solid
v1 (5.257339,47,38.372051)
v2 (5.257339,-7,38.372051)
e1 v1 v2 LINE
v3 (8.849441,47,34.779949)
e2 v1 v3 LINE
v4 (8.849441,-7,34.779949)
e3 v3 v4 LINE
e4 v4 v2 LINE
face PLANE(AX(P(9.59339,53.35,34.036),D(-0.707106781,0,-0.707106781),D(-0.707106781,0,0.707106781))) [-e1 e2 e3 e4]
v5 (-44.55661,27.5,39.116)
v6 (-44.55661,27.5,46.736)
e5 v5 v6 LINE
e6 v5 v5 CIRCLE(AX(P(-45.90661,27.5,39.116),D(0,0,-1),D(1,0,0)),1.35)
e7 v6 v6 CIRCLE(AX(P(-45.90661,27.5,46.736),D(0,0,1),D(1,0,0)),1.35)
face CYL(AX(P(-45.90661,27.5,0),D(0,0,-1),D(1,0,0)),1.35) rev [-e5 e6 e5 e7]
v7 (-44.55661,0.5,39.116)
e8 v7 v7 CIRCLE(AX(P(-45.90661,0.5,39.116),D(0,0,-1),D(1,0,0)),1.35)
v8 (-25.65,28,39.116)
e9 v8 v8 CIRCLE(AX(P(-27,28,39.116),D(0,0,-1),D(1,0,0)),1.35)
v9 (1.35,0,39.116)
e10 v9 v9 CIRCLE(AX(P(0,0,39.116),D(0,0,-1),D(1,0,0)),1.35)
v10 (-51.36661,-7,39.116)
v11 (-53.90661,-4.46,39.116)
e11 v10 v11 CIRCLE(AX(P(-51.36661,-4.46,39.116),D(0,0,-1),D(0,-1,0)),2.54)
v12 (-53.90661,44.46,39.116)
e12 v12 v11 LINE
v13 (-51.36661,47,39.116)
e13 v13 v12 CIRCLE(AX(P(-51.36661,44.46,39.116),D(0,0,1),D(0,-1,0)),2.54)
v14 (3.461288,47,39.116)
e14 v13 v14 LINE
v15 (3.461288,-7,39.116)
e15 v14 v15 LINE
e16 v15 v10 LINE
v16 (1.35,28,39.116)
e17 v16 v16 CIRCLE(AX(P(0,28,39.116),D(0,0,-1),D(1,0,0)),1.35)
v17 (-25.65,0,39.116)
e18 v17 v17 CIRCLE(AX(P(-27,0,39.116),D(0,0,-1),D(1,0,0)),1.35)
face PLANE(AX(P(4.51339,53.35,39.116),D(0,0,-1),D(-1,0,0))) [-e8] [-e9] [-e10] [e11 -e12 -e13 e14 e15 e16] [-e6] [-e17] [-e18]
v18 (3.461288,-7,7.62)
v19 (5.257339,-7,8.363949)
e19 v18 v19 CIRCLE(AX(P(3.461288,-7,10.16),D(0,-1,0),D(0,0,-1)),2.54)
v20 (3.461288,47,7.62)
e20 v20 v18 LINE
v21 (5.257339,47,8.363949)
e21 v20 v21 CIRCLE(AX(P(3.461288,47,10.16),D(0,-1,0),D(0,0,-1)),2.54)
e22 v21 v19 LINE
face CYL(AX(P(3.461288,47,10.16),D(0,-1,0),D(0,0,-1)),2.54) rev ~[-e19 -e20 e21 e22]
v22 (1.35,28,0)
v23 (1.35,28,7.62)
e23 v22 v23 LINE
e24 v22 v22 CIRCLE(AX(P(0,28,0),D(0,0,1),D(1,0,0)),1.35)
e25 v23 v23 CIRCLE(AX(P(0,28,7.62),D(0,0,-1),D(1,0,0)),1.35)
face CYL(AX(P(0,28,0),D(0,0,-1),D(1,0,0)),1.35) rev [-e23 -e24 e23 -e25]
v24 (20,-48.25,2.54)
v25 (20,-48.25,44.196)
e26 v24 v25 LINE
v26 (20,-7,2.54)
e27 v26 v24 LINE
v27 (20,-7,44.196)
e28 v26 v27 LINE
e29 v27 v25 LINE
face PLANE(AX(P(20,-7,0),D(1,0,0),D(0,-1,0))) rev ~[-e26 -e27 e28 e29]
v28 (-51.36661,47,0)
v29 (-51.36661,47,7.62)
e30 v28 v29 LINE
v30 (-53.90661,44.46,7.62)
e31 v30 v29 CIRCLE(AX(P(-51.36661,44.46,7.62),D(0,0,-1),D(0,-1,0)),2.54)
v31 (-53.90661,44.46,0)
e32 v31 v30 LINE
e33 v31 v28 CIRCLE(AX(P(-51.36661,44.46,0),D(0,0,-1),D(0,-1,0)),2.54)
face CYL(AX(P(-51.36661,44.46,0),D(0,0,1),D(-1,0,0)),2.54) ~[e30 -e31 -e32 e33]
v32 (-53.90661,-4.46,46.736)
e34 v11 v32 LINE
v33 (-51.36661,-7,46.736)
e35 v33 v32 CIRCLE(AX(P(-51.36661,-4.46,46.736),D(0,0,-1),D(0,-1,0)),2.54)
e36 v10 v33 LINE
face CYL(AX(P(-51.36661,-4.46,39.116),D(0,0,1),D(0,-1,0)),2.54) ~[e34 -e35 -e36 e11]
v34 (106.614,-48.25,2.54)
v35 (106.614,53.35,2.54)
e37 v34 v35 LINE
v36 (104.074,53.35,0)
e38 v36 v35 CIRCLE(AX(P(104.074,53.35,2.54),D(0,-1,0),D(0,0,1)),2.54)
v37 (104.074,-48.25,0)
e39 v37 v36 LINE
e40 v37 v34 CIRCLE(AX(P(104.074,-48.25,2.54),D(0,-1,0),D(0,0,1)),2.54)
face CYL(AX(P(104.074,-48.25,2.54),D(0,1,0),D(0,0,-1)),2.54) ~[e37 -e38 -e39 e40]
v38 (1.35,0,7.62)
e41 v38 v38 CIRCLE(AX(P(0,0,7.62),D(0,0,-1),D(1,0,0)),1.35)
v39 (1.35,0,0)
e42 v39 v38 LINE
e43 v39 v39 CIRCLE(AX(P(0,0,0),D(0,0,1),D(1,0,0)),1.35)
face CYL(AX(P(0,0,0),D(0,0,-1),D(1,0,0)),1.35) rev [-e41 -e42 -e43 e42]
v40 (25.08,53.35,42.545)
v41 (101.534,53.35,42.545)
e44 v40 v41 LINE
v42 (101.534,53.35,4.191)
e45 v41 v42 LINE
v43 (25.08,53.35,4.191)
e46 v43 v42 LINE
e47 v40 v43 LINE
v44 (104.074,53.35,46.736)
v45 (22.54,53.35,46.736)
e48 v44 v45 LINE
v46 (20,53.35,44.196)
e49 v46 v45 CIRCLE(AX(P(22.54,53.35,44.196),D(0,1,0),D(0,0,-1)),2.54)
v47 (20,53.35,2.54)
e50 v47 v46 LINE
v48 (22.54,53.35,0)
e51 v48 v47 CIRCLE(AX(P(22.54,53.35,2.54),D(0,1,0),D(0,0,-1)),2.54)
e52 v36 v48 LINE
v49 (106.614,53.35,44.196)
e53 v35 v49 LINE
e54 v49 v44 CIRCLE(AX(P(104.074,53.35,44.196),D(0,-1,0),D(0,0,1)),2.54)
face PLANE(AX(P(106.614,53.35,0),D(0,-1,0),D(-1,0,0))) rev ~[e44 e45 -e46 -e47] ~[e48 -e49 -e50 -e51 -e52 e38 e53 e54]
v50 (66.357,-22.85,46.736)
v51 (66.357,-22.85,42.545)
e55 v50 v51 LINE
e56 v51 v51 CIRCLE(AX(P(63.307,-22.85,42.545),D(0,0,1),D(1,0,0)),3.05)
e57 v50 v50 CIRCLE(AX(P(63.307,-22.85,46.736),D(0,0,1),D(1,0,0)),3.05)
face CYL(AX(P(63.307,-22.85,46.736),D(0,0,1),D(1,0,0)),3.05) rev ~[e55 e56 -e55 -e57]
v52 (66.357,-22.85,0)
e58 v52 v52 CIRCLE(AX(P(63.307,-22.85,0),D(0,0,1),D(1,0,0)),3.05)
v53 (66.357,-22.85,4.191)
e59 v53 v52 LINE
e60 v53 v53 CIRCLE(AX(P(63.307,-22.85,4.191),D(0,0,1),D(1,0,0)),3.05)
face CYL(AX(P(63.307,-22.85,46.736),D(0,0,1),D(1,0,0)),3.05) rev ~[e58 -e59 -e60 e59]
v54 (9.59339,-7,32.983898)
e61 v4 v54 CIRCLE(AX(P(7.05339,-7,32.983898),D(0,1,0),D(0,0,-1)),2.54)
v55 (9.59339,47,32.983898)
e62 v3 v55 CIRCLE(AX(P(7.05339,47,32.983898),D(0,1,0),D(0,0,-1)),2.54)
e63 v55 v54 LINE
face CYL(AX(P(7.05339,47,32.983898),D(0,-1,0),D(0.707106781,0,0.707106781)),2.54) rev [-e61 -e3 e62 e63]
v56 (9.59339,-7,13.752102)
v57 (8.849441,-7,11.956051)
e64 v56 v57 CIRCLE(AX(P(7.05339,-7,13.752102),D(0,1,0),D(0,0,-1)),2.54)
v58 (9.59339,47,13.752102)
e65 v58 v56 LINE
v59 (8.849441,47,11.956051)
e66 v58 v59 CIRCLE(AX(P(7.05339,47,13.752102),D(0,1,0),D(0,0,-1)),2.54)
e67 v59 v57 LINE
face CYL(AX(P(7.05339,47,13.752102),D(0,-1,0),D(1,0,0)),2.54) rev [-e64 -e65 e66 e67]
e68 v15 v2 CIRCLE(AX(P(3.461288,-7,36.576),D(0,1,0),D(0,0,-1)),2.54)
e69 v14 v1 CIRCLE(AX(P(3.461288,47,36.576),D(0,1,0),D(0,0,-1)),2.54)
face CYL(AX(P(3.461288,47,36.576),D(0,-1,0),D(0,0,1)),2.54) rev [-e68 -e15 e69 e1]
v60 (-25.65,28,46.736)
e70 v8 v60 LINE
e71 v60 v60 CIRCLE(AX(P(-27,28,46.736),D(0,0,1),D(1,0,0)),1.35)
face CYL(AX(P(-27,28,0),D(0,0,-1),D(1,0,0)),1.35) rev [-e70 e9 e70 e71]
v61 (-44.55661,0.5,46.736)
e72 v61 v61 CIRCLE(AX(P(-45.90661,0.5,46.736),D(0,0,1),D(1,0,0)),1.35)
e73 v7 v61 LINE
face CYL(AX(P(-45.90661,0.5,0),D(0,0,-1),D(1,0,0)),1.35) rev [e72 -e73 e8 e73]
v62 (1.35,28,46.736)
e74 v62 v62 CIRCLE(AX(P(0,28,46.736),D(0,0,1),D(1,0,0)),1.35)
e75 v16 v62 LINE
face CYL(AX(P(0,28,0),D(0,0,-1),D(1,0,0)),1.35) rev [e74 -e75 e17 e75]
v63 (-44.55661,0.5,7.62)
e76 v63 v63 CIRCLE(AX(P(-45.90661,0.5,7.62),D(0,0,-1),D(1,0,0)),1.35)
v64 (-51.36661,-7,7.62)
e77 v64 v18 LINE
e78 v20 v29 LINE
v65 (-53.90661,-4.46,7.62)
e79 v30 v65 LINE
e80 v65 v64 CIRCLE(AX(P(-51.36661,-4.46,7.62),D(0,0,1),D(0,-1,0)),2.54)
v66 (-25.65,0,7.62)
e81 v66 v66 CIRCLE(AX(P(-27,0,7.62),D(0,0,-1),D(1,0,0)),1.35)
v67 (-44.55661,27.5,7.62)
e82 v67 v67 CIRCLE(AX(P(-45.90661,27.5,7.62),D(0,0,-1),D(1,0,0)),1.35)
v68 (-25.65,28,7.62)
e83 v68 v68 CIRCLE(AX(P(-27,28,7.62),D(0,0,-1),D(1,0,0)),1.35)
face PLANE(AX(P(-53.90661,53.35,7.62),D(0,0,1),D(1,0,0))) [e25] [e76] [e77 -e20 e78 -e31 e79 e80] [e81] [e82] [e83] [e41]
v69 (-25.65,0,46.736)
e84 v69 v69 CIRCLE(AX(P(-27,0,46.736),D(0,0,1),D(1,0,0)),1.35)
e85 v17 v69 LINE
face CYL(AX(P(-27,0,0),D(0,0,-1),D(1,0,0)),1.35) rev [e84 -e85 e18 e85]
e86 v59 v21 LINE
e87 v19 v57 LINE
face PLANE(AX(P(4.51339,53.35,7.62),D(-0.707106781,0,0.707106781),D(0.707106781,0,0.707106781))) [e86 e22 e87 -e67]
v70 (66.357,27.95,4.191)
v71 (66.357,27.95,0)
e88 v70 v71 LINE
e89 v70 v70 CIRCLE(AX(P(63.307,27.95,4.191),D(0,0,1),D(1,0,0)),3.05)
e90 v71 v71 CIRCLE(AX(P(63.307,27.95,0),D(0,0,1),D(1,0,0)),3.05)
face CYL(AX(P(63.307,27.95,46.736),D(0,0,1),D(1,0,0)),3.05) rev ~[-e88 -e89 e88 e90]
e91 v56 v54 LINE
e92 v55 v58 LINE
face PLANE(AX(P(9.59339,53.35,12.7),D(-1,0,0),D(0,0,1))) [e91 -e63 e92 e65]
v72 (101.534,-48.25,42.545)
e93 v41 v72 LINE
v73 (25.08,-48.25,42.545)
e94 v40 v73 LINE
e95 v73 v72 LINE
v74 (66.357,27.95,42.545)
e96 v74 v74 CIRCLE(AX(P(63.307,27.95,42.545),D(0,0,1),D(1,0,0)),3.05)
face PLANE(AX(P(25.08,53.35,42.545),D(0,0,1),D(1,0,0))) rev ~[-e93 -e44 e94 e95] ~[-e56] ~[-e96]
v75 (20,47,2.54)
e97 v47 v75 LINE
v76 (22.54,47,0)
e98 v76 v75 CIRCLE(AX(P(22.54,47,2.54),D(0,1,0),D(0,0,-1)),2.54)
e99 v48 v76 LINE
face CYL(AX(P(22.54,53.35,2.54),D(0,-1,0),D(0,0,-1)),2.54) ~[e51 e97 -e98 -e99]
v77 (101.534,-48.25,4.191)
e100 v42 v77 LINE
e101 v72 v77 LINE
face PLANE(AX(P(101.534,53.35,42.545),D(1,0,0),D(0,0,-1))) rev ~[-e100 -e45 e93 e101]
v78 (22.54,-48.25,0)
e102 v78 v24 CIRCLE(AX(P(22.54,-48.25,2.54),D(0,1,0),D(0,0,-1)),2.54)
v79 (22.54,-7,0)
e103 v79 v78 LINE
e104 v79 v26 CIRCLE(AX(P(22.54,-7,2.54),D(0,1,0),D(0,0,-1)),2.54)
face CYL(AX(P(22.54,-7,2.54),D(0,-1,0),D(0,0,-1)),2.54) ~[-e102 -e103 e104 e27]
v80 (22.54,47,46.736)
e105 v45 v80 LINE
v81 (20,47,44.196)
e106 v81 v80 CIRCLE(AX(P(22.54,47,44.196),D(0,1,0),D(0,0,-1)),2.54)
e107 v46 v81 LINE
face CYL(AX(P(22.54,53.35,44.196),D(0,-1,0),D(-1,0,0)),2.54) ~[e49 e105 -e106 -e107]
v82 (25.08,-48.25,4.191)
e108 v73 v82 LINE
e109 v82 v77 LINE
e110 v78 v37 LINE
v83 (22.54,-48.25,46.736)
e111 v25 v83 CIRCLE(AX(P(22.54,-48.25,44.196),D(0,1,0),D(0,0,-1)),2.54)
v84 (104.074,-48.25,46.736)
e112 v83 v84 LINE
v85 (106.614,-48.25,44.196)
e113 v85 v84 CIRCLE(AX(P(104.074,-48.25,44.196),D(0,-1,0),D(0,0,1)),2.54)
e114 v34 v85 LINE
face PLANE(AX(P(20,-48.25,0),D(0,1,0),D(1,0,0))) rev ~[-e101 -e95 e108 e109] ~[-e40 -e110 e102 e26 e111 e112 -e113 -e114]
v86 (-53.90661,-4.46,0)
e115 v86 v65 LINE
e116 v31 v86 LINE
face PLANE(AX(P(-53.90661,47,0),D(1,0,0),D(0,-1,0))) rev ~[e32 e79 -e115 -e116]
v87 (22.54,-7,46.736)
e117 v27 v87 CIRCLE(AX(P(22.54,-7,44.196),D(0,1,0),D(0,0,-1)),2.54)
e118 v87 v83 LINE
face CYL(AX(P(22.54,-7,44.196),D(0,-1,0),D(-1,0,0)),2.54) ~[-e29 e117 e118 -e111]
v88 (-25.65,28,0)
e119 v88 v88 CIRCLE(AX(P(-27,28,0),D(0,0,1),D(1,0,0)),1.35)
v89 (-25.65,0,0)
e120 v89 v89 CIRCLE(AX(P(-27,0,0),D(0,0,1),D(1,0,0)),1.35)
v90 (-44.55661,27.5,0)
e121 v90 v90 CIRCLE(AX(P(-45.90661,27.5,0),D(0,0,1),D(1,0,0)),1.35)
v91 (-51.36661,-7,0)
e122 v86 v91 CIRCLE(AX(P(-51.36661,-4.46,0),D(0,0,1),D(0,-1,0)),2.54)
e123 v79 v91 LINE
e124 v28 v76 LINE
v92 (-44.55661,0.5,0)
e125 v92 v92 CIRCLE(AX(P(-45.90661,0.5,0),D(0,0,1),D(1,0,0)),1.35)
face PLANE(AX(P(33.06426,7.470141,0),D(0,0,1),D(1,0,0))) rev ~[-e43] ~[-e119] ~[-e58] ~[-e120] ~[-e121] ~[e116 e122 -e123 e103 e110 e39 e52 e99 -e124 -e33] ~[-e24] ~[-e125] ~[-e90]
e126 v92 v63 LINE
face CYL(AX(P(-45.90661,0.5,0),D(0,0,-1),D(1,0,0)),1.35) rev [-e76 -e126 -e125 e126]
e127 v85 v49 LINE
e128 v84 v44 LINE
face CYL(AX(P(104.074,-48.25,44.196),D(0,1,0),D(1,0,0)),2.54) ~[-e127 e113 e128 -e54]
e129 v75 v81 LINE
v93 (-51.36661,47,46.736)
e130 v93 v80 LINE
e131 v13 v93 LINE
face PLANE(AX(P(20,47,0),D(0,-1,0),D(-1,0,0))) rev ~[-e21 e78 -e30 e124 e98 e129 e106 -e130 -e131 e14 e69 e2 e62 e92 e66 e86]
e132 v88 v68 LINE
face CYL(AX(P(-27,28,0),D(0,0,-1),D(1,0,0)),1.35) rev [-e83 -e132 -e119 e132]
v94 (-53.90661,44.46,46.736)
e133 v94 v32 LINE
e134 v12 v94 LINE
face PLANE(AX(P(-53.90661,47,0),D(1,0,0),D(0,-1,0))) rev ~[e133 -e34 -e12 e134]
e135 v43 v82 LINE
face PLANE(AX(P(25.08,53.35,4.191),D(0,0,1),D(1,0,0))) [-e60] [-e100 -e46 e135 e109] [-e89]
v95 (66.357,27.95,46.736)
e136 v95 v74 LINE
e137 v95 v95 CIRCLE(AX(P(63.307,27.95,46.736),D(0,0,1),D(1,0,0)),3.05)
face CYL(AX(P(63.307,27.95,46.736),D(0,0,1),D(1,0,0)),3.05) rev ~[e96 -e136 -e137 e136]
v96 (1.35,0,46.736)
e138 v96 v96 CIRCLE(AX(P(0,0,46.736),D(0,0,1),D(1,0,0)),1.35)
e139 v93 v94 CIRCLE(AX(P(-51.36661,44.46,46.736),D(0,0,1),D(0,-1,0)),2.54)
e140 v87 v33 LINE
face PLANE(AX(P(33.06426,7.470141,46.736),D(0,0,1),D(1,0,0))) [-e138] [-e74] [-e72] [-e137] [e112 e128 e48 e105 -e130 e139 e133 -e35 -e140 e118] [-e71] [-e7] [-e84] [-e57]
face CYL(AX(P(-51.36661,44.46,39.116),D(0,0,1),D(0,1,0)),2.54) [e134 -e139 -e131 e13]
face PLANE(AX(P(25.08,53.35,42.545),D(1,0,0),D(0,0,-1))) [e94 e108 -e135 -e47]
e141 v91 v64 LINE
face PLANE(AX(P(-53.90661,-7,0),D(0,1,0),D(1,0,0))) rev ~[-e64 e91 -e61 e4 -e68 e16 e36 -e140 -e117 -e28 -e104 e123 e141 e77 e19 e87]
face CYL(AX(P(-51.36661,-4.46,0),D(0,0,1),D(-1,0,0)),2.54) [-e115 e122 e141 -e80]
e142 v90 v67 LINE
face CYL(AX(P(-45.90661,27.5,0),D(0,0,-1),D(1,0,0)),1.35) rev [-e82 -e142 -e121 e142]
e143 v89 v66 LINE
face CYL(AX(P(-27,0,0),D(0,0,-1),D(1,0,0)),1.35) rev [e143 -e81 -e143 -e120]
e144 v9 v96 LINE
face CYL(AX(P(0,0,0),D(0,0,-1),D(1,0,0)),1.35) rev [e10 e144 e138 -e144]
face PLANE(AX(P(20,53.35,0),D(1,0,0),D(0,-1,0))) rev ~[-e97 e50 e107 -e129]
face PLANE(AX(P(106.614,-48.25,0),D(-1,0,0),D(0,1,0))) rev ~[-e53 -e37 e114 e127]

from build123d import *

# Parameters (mm, degrees)
SKETCH1_R           = 1.35
BOSS_EXTRUDE1_DEPTH = 46.736
SKETCH2_W           = 76.454
SKETCH2_H           = 38.354
CUT_EXTRUDE1_DEPTH  = 137.16
FILLET1_R           = 2.54
SKETCH3_R           = 3.05
CUT_EXTRUDE2_DEPTH  = 66.294


with BuildPart() as part:
    # Sketch1 → Boss-Extrude1 (new body)
    with BuildSketch(Plane.XY):
        Polygon((-53.90661, 47), (-53.90661, -7), (20, -7), (20, -48.25), (106.614, -48.25), (106.614, 53.35), (20, 53.35), (20, 47), align=None)
        Circle(SKETCH1_R, mode=Mode.SUBTRACT)
        with Locations((-27, 0)):
            Circle(SKETCH1_R, mode=Mode.SUBTRACT)
        with Locations((-45.90661, 0.5)):
            Circle(SKETCH1_R, mode=Mode.SUBTRACT)
        with Locations((-45.90661, 27.5)):
            Circle(SKETCH1_R, mode=Mode.SUBTRACT)
        with Locations((-27, 28)):
            Circle(SKETCH1_R, mode=Mode.SUBTRACT)
        with Locations((0, 28)):
            Circle(SKETCH1_R, mode=Mode.SUBTRACT)
    extrude(amount=BOSS_EXTRUDE1_DEPTH)

    # Sketch2 → Cut-Extrude1 (cut)
    with BuildSketch(Plane(origin=(0, 53.35, 0), x_dir=(1, 0, 0), z_dir=(0, 1, 0))):
        Polygon((-53.90661, -7.62), (4.51339, -7.62), (9.59339, -12.7), (9.59339, -34.036), (4.51339, -39.116), (-53.90661, -39.116), align=None)
        with Locations((63.307, -23.368)):
            Rectangle(SKETCH2_W, SKETCH2_H)
    extrude(amount=-CUT_EXTRUDE1_DEPTH, mode=Mode.SUBTRACT)

    # Fillet1
    fillet1_edges = [part.edges().sort_by_distance(p)[0] for p in [
        (20, 50.175, 0),
        (-53.90661, -7, 42.926),
        (-53.90661, 47, 42.926),
        (20, -27.625, 46.736),
        (106.614, 2.55, 46.736),
        (-53.90661, -7, 3.81),
        (-53.90661, 47, 3.81),
        (4.51339, 20, 7.62),
        (9.59339, 20, 12.7),
        (9.59339, 20, 34.036),
        (4.51339, 20, 39.116),
        (106.614, 2.55, 0),
        (20, 50.175, 46.736),
        (20, -27.625, 0),
    ]]
    fillet(fillet1_edges, radius=FILLET1_R)

    # Sketch3 → Cut-Extrude2 (cut)
    with BuildSketch(Plane.XY.offset(46.736)):
        with Locations((63.307, 27.95)):
            Circle(SKETCH3_R)
        with Locations((63.307, -22.85)):
            Circle(SKETCH3_R)
    extrude(amount=-CUT_EXTRUDE2_DEPTH, mode=Mode.SUBTRACT)


solid = part.part
